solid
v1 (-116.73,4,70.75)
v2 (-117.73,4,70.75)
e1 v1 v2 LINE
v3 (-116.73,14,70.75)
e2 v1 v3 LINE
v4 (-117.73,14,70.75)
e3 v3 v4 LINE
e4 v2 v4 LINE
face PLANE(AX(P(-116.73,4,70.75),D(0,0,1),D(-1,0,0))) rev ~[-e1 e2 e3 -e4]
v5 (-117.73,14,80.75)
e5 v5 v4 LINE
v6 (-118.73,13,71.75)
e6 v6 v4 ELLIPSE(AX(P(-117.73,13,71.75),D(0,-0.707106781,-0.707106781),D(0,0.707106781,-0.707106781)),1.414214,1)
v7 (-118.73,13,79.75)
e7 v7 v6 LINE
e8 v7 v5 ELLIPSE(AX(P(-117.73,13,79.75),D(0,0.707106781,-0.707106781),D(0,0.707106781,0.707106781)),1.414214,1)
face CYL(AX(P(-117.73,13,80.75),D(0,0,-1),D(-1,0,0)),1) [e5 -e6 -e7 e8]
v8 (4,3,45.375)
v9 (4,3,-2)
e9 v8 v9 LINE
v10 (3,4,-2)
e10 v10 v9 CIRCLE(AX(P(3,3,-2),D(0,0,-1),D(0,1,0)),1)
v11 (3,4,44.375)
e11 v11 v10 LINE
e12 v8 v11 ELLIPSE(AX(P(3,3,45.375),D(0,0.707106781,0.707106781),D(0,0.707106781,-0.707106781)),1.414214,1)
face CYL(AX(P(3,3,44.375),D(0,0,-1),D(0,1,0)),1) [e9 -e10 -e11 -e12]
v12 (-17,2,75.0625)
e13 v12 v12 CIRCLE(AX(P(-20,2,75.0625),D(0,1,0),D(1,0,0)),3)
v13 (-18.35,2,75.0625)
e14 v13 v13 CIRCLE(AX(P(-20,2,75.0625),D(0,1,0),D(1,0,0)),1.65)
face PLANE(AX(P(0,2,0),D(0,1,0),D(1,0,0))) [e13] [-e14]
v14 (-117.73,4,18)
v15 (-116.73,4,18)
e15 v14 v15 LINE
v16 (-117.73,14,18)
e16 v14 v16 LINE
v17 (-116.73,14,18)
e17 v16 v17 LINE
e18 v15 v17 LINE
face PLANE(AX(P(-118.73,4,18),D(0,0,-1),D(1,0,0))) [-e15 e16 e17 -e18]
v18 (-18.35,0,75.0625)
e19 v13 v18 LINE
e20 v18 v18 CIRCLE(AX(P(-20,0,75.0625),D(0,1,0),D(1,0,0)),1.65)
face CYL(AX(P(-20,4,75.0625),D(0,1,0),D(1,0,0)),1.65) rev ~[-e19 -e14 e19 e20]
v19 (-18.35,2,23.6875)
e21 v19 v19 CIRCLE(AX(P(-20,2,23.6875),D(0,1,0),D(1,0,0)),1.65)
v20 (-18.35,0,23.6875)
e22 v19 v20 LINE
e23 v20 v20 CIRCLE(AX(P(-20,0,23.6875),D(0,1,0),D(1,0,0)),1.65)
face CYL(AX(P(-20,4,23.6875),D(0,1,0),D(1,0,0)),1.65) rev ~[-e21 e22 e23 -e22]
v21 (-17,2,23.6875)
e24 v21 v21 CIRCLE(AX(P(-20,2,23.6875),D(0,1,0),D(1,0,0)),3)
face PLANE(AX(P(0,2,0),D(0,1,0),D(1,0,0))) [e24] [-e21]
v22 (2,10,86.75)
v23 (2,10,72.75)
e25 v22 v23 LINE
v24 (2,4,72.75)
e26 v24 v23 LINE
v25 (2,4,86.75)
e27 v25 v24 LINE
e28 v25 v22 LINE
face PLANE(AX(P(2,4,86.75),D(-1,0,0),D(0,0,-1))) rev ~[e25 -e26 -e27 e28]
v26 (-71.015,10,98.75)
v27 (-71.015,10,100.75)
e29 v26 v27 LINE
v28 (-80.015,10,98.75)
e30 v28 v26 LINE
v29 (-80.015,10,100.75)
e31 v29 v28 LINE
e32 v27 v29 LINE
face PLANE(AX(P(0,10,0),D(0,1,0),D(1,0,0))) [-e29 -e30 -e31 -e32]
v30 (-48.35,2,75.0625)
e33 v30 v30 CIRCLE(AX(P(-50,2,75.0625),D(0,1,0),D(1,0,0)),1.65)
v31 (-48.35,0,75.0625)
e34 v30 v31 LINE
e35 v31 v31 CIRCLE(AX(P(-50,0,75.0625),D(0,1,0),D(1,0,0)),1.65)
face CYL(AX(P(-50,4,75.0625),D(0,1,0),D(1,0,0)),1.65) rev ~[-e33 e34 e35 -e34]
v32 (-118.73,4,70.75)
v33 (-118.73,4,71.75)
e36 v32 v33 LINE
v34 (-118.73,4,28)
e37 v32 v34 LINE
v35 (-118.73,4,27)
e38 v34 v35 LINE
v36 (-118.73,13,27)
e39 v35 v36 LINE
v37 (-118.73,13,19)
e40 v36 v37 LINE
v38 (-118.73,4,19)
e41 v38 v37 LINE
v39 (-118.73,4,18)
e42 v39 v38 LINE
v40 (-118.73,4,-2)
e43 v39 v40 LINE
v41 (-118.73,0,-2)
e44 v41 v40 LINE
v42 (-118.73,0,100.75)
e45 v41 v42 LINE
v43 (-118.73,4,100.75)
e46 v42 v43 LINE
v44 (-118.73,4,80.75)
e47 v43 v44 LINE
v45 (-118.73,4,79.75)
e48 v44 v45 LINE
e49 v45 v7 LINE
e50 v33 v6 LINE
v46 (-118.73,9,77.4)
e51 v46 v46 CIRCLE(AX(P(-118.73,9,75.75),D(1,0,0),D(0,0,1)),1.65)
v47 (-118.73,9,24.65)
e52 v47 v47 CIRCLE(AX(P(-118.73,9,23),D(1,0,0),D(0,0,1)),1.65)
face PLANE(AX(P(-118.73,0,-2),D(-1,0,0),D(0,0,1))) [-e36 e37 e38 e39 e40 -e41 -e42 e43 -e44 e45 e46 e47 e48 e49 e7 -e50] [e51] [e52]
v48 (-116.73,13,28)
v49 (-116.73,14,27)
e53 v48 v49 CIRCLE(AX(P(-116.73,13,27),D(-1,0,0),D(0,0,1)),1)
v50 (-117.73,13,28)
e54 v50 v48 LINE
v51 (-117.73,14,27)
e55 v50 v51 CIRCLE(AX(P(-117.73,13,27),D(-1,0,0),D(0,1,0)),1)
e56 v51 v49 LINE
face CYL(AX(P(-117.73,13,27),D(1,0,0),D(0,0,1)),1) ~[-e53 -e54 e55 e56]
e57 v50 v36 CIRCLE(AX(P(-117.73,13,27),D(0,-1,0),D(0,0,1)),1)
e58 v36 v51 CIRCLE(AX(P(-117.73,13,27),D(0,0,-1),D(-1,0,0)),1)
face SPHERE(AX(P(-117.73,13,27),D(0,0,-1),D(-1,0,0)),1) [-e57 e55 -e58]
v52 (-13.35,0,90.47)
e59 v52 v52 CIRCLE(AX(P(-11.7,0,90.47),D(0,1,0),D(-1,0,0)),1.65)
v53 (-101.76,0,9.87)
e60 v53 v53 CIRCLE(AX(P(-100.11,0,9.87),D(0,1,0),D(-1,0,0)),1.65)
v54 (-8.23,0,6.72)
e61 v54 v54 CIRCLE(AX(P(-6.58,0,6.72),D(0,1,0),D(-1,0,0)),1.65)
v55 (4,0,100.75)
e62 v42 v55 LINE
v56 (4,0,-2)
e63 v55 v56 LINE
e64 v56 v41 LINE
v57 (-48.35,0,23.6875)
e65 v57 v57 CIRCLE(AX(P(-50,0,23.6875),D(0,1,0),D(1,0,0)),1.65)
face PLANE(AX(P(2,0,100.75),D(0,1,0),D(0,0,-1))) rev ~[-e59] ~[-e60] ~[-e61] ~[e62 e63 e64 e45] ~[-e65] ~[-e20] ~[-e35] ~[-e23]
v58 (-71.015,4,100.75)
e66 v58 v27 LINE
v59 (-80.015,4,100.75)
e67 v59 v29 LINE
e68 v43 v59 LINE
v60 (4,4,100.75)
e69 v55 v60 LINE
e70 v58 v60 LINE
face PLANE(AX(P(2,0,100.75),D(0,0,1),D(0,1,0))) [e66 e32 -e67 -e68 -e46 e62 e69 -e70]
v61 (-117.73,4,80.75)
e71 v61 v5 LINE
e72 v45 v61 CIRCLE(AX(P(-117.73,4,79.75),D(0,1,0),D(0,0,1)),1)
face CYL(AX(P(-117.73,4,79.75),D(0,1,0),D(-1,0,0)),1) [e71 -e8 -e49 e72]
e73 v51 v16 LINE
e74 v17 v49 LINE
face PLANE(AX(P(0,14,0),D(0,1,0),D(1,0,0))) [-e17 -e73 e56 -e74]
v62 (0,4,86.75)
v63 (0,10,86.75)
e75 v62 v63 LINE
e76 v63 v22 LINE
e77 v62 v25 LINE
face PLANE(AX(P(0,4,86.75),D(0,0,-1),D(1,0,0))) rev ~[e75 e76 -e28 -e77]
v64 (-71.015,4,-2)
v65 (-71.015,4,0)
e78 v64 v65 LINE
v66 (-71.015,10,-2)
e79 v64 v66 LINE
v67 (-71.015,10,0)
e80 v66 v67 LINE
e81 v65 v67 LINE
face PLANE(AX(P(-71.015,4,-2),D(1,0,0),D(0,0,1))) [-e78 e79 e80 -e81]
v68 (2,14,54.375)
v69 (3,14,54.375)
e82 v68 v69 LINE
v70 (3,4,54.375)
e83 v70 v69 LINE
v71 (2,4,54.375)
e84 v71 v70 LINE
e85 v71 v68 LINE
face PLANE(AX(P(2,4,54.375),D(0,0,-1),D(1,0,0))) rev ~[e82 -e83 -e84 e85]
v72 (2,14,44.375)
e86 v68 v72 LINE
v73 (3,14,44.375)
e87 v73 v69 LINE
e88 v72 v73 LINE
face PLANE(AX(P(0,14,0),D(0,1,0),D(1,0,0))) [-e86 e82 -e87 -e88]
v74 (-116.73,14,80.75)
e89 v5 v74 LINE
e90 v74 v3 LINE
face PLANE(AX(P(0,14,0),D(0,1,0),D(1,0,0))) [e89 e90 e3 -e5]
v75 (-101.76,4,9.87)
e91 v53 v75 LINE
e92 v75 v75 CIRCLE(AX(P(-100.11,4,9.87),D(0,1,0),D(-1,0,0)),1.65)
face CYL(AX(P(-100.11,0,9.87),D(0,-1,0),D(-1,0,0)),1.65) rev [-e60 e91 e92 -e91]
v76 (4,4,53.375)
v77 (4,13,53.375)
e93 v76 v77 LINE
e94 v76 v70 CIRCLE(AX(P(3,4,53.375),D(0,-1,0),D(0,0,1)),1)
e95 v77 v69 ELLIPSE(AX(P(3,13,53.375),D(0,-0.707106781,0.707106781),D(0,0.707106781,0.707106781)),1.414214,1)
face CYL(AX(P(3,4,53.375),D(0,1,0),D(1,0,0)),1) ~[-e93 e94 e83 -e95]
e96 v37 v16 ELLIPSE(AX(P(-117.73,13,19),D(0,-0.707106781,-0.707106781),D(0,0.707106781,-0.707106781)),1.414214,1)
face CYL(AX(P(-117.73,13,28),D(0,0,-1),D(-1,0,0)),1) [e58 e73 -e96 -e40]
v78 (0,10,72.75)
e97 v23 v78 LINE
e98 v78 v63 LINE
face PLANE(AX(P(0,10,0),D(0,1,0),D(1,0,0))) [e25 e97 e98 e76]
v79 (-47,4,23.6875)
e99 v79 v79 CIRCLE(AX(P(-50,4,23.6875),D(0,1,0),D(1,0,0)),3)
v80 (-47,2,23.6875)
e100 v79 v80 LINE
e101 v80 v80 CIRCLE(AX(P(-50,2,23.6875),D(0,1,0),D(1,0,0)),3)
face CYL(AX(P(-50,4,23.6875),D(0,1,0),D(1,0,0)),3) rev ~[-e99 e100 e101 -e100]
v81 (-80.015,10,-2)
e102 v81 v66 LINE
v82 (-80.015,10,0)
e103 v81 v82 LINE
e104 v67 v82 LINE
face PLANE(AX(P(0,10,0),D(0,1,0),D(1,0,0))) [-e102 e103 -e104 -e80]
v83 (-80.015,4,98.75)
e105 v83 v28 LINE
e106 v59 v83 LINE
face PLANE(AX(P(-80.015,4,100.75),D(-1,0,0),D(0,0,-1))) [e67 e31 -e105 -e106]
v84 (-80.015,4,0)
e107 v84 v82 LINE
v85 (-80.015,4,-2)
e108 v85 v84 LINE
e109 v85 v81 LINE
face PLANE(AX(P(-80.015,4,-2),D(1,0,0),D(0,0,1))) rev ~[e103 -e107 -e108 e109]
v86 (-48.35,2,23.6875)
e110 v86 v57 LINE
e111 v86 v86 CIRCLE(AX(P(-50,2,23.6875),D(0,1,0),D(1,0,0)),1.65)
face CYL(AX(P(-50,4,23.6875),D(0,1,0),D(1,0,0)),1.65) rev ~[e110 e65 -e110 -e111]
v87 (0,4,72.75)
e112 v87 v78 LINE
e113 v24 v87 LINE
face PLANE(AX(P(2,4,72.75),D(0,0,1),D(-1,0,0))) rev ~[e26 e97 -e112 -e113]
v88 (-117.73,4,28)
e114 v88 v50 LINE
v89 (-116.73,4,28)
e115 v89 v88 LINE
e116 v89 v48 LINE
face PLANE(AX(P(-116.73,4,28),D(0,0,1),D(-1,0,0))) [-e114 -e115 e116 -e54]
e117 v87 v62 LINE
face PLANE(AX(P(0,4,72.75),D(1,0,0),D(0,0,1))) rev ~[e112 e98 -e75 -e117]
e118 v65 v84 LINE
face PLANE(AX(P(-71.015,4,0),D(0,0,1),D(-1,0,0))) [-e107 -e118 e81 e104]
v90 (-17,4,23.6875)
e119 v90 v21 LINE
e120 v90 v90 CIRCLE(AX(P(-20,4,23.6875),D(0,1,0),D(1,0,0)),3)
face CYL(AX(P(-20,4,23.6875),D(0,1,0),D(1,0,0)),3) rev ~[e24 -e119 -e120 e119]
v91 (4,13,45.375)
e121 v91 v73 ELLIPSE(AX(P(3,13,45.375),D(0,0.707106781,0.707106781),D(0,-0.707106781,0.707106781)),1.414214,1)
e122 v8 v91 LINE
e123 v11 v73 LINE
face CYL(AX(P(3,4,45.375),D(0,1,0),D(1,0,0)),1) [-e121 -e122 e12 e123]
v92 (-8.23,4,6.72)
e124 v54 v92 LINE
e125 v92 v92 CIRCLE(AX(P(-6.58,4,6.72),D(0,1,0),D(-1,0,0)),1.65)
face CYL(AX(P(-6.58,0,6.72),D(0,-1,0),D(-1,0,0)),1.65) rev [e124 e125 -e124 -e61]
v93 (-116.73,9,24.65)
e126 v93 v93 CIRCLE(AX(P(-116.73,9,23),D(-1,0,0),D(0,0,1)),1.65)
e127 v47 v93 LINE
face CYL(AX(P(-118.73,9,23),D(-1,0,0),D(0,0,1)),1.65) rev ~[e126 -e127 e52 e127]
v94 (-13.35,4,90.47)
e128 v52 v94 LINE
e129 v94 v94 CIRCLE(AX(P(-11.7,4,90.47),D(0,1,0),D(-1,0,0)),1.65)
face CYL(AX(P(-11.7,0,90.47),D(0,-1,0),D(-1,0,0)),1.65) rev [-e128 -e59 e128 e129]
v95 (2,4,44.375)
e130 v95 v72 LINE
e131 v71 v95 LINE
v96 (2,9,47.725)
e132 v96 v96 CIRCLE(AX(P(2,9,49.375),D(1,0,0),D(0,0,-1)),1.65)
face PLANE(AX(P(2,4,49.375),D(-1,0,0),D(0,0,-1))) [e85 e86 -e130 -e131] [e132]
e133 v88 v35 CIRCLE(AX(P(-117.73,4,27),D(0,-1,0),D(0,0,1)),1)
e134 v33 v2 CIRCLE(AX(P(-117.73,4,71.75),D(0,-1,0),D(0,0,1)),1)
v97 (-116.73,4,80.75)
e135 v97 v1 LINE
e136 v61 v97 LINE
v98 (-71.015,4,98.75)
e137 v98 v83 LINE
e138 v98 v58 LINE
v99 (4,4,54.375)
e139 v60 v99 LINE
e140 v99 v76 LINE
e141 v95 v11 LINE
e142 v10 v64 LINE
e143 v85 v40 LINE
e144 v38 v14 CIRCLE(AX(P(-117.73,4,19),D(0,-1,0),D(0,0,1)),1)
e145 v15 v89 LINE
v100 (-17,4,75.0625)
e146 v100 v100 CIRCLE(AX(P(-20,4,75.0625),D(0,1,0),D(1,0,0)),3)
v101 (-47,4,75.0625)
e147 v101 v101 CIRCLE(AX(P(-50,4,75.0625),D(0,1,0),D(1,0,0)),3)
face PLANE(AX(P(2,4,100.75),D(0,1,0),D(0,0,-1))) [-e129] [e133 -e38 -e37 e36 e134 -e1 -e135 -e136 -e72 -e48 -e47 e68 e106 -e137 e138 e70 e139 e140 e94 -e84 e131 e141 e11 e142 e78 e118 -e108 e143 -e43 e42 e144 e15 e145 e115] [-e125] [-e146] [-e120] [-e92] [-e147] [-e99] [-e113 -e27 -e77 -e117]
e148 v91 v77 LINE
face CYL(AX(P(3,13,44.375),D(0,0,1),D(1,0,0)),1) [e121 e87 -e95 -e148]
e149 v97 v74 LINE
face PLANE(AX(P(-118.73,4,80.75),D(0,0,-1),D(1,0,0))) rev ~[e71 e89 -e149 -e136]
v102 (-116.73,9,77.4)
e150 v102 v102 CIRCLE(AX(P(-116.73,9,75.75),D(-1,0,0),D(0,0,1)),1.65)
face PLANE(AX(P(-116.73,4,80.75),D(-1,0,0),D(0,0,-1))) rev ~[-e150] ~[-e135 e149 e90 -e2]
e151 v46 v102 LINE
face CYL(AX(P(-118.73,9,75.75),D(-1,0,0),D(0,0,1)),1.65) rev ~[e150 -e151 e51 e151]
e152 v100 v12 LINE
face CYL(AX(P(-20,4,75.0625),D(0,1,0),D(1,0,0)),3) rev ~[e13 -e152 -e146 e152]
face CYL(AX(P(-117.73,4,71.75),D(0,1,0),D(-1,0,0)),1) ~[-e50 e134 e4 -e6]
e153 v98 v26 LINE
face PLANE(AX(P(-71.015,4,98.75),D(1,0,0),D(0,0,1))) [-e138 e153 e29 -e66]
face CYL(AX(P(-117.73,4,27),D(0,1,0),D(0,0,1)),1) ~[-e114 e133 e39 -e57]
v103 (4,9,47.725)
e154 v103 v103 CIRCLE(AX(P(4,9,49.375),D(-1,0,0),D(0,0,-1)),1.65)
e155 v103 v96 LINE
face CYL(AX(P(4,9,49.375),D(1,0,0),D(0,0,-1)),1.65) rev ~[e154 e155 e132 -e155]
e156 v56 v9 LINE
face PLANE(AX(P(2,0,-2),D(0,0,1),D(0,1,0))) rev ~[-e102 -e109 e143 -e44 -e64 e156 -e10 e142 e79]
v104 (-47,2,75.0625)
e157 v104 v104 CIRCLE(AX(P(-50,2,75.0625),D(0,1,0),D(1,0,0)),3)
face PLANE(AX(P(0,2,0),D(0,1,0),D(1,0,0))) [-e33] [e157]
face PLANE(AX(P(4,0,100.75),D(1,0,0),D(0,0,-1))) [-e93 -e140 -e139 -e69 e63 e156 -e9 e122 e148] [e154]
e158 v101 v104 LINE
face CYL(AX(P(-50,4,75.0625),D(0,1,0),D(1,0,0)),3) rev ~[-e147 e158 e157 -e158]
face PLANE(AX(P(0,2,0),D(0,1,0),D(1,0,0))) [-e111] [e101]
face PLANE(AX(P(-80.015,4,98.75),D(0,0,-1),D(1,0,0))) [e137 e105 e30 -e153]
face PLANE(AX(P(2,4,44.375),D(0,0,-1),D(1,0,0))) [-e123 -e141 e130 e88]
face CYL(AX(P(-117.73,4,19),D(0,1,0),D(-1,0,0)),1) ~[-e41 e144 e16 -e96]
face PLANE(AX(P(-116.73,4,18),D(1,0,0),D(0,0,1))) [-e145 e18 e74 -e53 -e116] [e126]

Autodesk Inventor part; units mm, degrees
ref_plane "YZ Plane" through (0, 0, 0) normal (1, 0, 0) x (0, 1, 0)
ref_plane "XZ Plane" through (0, 0, 0) normal (0, 1, 0) x (-1, 0, 0)
ref_plane "XY Plane" through (0, 0, 0) normal (0, 0, 1) x (1, 0, 0)
sketch "Sketch1" plane through (0, 0, 0) normal (0, 1, 0) x (-1, 0, 0)
  line L0 (0, 0) -> (0, 98.75)
  line L1 (0, 98.75) -> (114.73, 98.75)
  line L2 (114.73, 98.75) -> (114.73, 0)
  line L3 (114.73, 0) -> (0, 0)
  line L4 (0, 98.75) -> (0, 90.47)
  circle A0 centre (11.7, 90.47) radius 1.65
  line L5 (0, 0) -> (0, 6.72)
  circle A1 centre (6.58, 6.72) radius 1.65
  line L6 (114.73, 0) -> (114.73, 9.87)
  circle A2 centre (100.11, 9.87) radius 1.65
  line L7 (-2, 0) -> (-2, 98.75)
  line L8 (-2, 98.75) -> (-2, 100.75)
  line L9 (-2, 100.75) -> (114.73, 100.75)
  line L10 (114.73, 100.75) -> (116.73, 100.75)
  line L11 (116.73, 100.75) -> (116.73, 0)
  line L12 (116.73, 0) -> (116.73, -2)
  line L13 (116.73, -2) -> (-2, -2)
  line L14 (-2, -2) -> (-2, 0)
  dimension "d11" = 2
  dimension "d12" = 2
  dimension "d13" = 2
  dimension "d14" = 2
extrude "Extrusion1" add sketch "Sketch1" along normal blind 4 contours L0 L1 L2 L3 | L7 L8 L9 L10 L11 L12 L13 L14
sketch "Sketch9" plane through (0, 4, 0) normal (0, 1, 0) x (1, 0, 0)
  circle A0 centre (-50, -75.0625) radius 1.65
  circle A1 centre (-20, -75.0625) radius 1.65
  circle A2 centre (-50, -23.6875) radius 1.65
  circle A3 centre (-20, -23.6875) radius 1.65
  point P0 (2, 2)
  dimension "d51" = 3.3
  dimension "d52" = 3.3
  dimension "d54" = 3.3
  dimension "d55" = 3.3
extrude "Extrusion9" cut sketch "Sketch9" against normal blind 10
sketch "Sketch10" plane through (0, 4, 0) normal (0, 1, 0) x (1, 0, 0)
  circle A0 centre (-50, -75.0625) radius 1.65 projected
  circle A1 centre (-50, -75.0625) radius 3
  circle A2 centre (-50, -23.6875) radius 1.65 projected
  circle A3 centre (-50, -23.6875) radius 3
  circle A4 centre (-20, -23.6875) radius 1.65 projected
  circle A5 centre (-20, -23.6875) radius 3
  circle A6 centre (-20, -75.0625) radius 1.65 projected
  circle A7 centre (-20, -75.0625) radius 3
  point P0 (0, 0)
  dimension "d58" = 6
  dimension "d59" = 6
  dimension "d60" = 6
  dimension "d61" = 6
extrude "Extrusion10" cut sketch "Sketch10" against normal blind 2
sketch "Sketch11" plane through (-116.73, 0, -2) normal (-1, 0, 0) x (0, 0, 1)
  line L0 (0, 0) -> (102.75, 0) projected
  line L1 (102.75, 4) -> (0, 4) projected
  line L2 (102.75, 0) -> (102.75, 4)
  line L3 (102.75, 4) -> (0, 4)
  line L4 (0, 0) -> (0, 4) projected
  line L5 (0, 4) -> (0, 0)
  line L6 (0, 0) -> (102.75, 0)
  point P0 (2, 0)
extrude "Extrusion11" add sketch "Sketch11" along normal blind 2
sketch "Sketch12" plane through (0, 4, 0) normal (0, 1, 0) x (1, 0, 0)
  line L0 (-118.73, -100.75) -> (-118.73, 2) projected
  line L1 (-118.73, -100.75) -> (-118.73, -80.75)
  line L2 (-118.73, -80.75) -> (-116.73, -80.75)
  line L3 (-116.73, -80.75) -> (-116.73, -70.75)
  line L4 (-116.73, -70.75) -> (-118.73, -70.75)
  line L5 (-118.73, -80.75) -> (-118.73, -70.75)
  line L6 (-118.73, 2) -> (-118.73, -18)
  line L7 (-118.73, -18) -> (-116.73, -18)
  line L8 (-116.73, -18) -> (-116.73, -28)
  line L9 (-116.73, -28) -> (-118.73, -28)
  line L10 (-118.73, -18) -> (-118.73, -28)
  point P0 (0, 0)
  dimension "d66" = 20
  dimension "d67" = 2
  dimension "d68" = 10
  dimension "d69" = 20
  dimension "d70" = 2
  dimension "d71" = 10
extrude "Extrusion12" add sketch "Sketch12" along normal blind 10
sketch "Sketch13" plane through (-118.73, 0, -2) normal (-1, 0, 0) x (0, 0, 1)
  line L0 (20, 14) -> (30, 14) projected
  line L1 (25, 14) -> (25, 9)
  line L2 (82.75, 14) -> (72.75, 14) projected
  line L3 (77.75, 14) -> (77.75, 9)
  circle A0 centre (25, 9) radius 1.65
  circle A1 centre (77.75, 9) radius 1.65
  point P0 (2, 0)
  dimension "d74" = 5
  dimension "d77" = 3.3
  dimension "d78" = 3.3
sketch "Sketch14" plane through (2, 0, 100.75) normal (1, 0, 0) x (0, 0, -1)
  line L0 (0, 4) -> (102.75, 4) projected
  line L1 (0, 0) -> (0, 4) projected
  line L2 (0, 4) -> (0, 0)
  line L3 (102.75, 0) -> (102.75, 4) projected
  line L4 (0, 0) -> (102.75, 0)
  line L5 (102.75, 0) -> (102.75, 4)
  line L6 (102.75, 4) -> (0, 4)
  point P0 (100.75, 0)
extrude "Extrusion13" add sketch "Sketch14" along normal blind 2
sketch "Sketch15" plane through (0, 4, 0) normal (0, 1, 0) x (1, 0, 0)
  line L0 (4, 2) -> (4, -100.75) projected
  line L1 (2, -49.375) -> (2, -44.375)
  line L2 (2, -44.375) -> (4, -44.375)
  line L3 (2, -49.375) -> (2, -54.375)
  line L4 (2, -54.375) -> (4, -54.375)
  line L5 (4, -44.375) -> (4, -44.7728)
  line L6 (4, -54.375) -> (4, -44.375)
  point P0 (0, 0)
  dimension "d82" = 5
  dimension "d83" = 5
extrude "Extrusion14" add sketch "Sketch15" along normal blind 10
sketch "Sketch16" plane through (4, 0, 100.75) normal (1, 0, 0) x (0, 0, -1)
  line L0 (56.375, 14) -> (46.375, 14) projected
  line L1 (51.375, 14) -> (51.375, 9)
  circle A0 centre (51.375, 9) radius 1.65
  point P0 (100.75, 0)
  dimension "d86" = 5
  dimension "d87" = 3.3
extrude "Extrusion15" cut sketch "Sketch16" against normal blind 10
extrude "Extrusion16" cut sketch "Sketch13" against normal blind 10
sketch "Sketch17" plane through (0, 4, 0) normal (0, 1, 0) x (1, 0, 0)
  line L0 (-71.73, 2) -> (-71.015, 2)
  line L1 (-71.015, 2) -> (-71.015, 0)
  line L2 (-71.015, 0) -> (-80.015, 0)
  line L3 (-80.015, 2) -> (-80.015, 0)
  line L4 (-80.015, 2) -> (-71.73, 2)
  line L5 (-118.73, 2) -> (4, 2) projected
  line L6 (-80.015, -100.75) -> (-80.015, -98.75)
  line L7 (-71.73, -98.75) -> (-71.015, -98.75)
  line L8 (-71.015, -98.75) -> (-71.015, -100.75)
  line L9 (-71.015, -100.75) -> (-80.015, -100.75)
  line L10 (-80.015, -98.75) -> (-71.73, -98.75)
  point P0 (0, 0)
  point P1 (-118.73, -100.75)
  dimension "d107" = 0.715
  dimension "d109" = 0.715
extrude "Extrusion17" add sketch "Sketch17" along normal blind 6
sketch "Sketch18" plane through (0, 4, 0) normal (0, 1, 0) x (1, 0, 0)
  line L0 (4, -54.375) -> (4, -100.75) projected
  line L1 (4, -100.75) -> (4, -86.75)
  line L2 (4, -86.75) -> (4, -72.75)
  line L3 (4, -72.75) -> (0, -72.75)
  line L4 (0, -72.75) -> (0, -86.75)
  line L5 (0, -86.75) -> (2, -86.75)
  line L6 (2, -86.75) -> (2, -72.75)
  point P0 (0, 0)
  dimension "d100" = 14
  dimension "d101" = 14
  dimension "d102" = 4
  dimension "d103" = 2
extrude "Extrusion18" add sketch "Sketch18" along normal blind 6
fillet "Fillet1" radius 1 9 edges at (4, 14, 49.375) (4, 9, 44.375) (4, 9, 54.375) (4, 4, 21.1875) (-118.73, 9, 80.75) (-118.73, 14, 75.75) (-118.73, 9, 70.75) (-118.73, 14, 23) (-118.73, 9, 18)
fillet "Fillet2" radius 1 2 edges at (-118.4371, 13.7071, 28) (-118.73, 8.5, 28)
properties part number "case"
